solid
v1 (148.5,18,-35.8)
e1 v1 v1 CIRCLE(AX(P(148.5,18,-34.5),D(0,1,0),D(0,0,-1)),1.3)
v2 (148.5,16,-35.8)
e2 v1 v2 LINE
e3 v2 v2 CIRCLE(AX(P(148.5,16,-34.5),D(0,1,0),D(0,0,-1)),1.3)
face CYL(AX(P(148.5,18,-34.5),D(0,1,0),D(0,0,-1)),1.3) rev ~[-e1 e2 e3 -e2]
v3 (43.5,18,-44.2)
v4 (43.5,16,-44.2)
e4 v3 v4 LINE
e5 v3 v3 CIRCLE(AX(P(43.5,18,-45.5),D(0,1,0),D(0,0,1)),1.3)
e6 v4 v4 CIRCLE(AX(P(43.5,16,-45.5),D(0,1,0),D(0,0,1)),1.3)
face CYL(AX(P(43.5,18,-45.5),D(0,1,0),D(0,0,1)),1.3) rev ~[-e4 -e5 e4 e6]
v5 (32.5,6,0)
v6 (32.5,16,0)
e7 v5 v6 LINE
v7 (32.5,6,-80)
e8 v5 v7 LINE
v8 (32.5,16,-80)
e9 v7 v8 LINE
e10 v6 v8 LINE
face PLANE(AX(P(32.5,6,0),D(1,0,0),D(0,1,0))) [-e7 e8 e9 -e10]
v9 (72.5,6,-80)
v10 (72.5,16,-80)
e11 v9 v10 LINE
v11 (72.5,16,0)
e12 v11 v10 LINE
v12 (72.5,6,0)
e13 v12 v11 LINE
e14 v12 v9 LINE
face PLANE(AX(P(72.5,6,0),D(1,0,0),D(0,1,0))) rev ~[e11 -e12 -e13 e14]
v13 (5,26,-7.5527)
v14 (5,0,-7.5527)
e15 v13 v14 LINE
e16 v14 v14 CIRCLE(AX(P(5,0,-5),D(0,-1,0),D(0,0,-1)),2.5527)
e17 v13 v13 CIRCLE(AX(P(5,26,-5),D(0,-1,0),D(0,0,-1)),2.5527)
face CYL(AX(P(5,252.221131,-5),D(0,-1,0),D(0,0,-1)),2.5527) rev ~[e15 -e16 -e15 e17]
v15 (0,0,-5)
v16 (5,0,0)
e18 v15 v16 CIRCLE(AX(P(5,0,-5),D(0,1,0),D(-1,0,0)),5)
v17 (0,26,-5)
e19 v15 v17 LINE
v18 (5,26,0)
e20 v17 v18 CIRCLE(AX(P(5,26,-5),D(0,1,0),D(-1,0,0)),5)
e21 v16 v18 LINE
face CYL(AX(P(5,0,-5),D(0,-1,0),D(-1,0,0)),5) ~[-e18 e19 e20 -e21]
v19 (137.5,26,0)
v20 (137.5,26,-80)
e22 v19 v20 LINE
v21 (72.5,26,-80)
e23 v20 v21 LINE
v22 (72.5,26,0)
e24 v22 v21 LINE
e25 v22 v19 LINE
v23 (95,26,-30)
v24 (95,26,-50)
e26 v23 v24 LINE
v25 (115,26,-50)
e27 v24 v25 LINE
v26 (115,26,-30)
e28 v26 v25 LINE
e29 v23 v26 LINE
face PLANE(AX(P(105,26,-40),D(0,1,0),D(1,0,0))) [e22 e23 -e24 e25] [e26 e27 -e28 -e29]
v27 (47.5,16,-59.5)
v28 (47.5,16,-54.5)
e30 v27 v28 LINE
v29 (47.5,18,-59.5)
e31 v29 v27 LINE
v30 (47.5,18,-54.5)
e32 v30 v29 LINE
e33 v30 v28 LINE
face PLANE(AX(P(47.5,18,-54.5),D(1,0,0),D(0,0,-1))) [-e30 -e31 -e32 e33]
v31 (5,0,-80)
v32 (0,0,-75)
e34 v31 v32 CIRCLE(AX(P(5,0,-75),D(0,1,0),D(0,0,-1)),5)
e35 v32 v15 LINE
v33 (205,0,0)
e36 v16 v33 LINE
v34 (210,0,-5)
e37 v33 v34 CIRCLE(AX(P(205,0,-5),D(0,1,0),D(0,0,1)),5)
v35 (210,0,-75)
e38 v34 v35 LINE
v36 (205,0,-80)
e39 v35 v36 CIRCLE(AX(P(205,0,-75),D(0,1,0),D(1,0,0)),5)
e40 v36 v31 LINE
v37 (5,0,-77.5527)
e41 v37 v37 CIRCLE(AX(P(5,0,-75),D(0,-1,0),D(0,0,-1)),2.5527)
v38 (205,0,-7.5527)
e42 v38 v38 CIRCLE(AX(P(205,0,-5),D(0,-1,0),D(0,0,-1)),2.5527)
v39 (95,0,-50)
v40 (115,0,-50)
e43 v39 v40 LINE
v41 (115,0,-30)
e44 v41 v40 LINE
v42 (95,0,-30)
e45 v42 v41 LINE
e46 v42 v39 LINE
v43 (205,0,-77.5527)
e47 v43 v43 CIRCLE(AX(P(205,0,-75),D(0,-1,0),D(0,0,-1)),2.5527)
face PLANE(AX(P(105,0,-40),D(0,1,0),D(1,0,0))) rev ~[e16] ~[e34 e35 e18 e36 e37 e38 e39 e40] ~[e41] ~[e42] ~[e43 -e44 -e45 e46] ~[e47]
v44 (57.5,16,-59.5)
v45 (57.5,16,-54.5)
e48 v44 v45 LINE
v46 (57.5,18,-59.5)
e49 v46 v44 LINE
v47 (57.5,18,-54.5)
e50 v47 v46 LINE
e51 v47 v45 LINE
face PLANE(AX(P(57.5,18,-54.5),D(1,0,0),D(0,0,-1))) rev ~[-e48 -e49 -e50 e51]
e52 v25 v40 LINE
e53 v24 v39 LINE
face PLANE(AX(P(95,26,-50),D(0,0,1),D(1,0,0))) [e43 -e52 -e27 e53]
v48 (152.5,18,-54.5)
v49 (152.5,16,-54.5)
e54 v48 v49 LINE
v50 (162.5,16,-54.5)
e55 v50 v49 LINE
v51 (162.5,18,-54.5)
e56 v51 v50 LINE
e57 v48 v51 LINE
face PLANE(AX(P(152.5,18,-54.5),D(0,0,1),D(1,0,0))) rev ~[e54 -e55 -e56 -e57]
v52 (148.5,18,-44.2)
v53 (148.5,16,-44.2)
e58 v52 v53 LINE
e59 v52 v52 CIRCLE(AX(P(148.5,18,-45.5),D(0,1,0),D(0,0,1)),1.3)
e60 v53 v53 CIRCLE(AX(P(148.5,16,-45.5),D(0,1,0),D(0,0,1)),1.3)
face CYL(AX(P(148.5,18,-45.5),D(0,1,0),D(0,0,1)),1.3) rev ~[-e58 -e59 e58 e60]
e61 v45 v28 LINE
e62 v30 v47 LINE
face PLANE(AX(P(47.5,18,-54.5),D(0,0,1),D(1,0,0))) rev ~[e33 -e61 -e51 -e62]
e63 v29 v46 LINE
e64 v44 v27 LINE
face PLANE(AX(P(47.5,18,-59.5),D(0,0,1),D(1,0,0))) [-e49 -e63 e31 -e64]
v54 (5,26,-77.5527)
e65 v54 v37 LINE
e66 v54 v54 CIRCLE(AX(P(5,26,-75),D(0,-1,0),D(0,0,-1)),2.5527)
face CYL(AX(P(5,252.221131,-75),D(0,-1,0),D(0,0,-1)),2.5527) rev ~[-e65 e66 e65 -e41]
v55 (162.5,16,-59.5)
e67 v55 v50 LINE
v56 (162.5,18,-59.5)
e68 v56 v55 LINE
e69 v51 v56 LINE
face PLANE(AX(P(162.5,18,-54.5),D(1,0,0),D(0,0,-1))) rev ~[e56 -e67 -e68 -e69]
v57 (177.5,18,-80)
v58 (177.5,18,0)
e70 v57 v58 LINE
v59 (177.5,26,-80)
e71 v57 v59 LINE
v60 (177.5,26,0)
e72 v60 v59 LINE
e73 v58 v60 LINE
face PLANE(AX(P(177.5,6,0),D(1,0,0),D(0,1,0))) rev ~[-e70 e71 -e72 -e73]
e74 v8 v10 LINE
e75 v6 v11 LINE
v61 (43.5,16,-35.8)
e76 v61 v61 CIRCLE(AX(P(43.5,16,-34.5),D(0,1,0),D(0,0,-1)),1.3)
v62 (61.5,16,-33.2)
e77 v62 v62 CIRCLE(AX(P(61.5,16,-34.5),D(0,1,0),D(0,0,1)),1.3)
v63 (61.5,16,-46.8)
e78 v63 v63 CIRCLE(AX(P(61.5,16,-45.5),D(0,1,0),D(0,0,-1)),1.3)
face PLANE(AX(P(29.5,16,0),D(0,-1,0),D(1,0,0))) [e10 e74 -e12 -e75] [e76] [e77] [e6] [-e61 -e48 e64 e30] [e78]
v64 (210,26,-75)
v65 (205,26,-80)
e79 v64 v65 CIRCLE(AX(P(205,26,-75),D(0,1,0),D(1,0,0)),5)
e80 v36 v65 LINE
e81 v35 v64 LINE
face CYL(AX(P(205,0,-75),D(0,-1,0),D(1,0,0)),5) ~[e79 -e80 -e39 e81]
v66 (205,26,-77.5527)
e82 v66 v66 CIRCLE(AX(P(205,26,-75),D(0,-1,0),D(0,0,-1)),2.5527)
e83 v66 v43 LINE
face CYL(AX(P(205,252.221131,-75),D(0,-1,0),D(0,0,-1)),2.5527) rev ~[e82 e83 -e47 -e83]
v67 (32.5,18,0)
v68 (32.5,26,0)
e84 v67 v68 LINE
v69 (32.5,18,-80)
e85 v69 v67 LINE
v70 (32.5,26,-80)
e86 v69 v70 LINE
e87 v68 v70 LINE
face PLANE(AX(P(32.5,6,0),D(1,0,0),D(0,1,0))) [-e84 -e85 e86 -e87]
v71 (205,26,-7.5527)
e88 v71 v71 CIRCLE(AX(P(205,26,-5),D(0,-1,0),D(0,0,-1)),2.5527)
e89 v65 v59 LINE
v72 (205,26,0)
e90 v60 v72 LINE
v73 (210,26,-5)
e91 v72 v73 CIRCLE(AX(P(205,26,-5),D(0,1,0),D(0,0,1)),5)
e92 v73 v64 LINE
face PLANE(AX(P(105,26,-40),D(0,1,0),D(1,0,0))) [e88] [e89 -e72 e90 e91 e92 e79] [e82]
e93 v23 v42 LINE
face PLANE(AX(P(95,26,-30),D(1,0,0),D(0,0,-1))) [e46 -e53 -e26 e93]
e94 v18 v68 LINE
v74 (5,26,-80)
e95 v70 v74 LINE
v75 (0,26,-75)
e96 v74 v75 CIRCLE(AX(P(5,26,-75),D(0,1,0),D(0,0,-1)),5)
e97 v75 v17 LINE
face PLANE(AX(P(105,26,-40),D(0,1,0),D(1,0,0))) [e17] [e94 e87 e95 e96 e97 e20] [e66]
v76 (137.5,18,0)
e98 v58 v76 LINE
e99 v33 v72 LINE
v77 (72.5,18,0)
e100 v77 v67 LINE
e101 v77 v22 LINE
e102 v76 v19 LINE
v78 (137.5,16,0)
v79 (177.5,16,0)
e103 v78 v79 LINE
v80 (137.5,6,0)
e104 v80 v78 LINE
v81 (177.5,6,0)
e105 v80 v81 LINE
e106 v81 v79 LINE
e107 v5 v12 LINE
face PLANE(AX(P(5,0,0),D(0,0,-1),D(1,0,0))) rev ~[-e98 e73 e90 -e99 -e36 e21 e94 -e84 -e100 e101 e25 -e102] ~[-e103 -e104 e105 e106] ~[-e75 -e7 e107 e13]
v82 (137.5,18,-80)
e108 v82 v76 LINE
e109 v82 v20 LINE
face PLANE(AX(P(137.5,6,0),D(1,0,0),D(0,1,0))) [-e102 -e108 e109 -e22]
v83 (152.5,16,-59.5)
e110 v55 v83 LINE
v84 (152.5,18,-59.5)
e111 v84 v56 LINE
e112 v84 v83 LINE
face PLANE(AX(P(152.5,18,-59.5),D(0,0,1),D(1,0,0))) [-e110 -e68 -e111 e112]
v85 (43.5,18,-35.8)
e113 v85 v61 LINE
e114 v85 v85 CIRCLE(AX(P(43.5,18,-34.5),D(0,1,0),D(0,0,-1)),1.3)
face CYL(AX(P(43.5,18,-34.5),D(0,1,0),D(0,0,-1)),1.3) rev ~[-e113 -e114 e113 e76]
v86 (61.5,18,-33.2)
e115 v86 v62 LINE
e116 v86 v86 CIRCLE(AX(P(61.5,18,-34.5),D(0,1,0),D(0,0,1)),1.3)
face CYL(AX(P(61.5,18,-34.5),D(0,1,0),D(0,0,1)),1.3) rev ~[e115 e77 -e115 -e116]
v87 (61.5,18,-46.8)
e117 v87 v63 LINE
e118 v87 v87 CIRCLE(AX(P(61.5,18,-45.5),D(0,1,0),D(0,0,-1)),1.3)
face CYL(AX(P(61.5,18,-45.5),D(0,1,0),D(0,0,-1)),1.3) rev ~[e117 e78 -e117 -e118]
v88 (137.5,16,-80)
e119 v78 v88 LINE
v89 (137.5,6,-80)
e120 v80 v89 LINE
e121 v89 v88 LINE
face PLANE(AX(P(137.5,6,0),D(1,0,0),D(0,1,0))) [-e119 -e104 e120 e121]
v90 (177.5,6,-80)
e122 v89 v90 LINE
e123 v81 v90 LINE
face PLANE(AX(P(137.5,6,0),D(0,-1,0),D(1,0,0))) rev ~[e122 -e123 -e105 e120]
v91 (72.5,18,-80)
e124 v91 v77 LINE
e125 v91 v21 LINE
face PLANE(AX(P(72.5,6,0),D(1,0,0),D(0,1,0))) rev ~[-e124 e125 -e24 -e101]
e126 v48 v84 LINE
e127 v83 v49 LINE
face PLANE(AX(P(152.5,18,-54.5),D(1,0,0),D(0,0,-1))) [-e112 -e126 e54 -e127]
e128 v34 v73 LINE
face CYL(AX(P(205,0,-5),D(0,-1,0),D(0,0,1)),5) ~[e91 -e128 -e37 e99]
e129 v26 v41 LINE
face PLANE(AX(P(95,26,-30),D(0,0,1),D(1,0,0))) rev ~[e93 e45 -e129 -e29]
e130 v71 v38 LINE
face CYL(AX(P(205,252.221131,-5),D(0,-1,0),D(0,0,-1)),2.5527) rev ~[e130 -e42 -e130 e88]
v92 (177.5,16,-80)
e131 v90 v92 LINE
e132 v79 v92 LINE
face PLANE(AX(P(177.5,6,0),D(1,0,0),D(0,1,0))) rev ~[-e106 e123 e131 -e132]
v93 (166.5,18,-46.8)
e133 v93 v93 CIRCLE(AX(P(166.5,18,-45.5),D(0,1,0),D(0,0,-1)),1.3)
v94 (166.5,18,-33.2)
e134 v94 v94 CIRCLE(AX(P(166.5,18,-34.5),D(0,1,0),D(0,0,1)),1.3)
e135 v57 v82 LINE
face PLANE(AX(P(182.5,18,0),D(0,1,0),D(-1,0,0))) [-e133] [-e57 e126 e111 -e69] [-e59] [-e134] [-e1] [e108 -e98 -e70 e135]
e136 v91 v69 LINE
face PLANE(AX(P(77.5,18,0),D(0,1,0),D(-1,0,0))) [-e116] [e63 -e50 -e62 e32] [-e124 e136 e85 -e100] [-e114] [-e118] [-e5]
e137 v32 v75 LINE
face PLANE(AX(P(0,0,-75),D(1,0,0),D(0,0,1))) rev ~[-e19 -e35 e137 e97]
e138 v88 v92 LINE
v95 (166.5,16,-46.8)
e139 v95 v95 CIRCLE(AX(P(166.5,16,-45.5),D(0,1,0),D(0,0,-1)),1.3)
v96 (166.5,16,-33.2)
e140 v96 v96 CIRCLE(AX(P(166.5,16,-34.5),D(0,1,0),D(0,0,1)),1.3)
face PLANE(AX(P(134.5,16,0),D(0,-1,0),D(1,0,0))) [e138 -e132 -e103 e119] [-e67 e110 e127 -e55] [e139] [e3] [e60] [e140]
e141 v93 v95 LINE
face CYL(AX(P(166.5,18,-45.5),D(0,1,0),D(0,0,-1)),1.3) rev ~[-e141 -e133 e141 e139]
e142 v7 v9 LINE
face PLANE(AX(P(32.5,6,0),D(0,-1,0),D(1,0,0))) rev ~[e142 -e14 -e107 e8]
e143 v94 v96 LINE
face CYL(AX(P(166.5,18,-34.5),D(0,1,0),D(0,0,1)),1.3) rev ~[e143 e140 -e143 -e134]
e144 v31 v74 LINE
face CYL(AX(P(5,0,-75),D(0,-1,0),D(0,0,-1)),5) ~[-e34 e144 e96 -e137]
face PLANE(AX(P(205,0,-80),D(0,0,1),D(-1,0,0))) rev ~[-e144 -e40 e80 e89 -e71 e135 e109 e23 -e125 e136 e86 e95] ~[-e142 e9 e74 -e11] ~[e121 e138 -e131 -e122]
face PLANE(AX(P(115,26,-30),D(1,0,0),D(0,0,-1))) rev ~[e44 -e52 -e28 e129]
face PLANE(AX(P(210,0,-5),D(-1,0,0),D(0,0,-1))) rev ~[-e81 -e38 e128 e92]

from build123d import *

# Parameters (mm, degrees)
BOSS_EXTRUDE1_DEPTH     = 26
SKETCH2_W               = 40
SKETCH2_H               = 20
CUT_EXTRUDE1_DEPTH      = 227.221130755
F_1_4_20_TAPPED_HOLE1_D = 5.1054
SKETCH4_W               = 20
SKETCH4_H               = 20
CUT_EXTRUDE2_DEPTH      = 227.221130755
BOSS_EXTRUDE2_DEPTH     = 80
SKETCH6_R               = 1.3
SKETCH6_W               = 10
SKETCH6_H               = 5
CUT_EXTRUDE3_DEPTH      = 10


with BuildPart() as part:
    # Sketch1 → Boss-Extrude1 (new body)
    with BuildSketch(Plane(origin=(0, 0, 0), x_dir=(1, 0, 0), z_dir=(0, 1, 0))):
        with BuildLine():
            Line((5, 0), (205, 0))
            ThreePointArc((205, 0), (208.535533906, 1.464466094), (210, 5))
            Line((210, 5), (210, 75))
            ThreePointArc((210, 75), (208.535533906, 78.535533906), (205, 80))
            Line((205, 80), (5, 80))
            ThreePointArc((5, 80), (1.464466094, 78.535533906), (0, 75))
            Line((0, 75), (0, 5))
            ThreePointArc((0, 5), (1.464466094, 1.464466094), (5, 0))
        make_face()
    extrude(amount=BOSS_EXTRUDE1_DEPTH)

    # Sketch2 → Cut-Extrude1 (cut, through all)
    with BuildSketch(Plane.XY):
        with Locations((52.5, 16)):
            Rectangle(SKETCH2_W, SKETCH2_H)
        with Locations((157.5, 16)):
            Rectangle(SKETCH2_W, SKETCH2_H)
    extrude(amount=-CUT_EXTRUDE1_DEPTH, mode=Mode.SUBTRACT)

    # 1/4-20 Tapped Hole1 (through all)
    with Locations(Plane(origin=(5, 26, -75), x_dir=(0, 0, 1), z_dir=(0, 1, 0))):
        with Locations((0, 0), (70, 0), (70, 200), (0, 200)):
            Hole(F_1_4_20_TAPPED_HOLE1_D / 2)

    # Sketch4 → Cut-Extrude2 (cut, through all)
    with BuildSketch(Plane(origin=(0, 26, 0), x_dir=(1, 0, 0), z_dir=(0, 1, 0))):
        with Locations((105, 40)):
            Rectangle(SKETCH4_W, SKETCH4_H)
    extrude(amount=-CUT_EXTRUDE2_DEPTH, mode=Mode.SUBTRACT)

    # Sketch5 → Boss-Extrude2 (add)
    with BuildSketch(Plane.XY):
        Polygon((32.5, 18), (27.5, 18), (27.5, 13), (29.5, 13), (29.5, 16), (32.5, 16), (72.5, 16), (75.5, 16), (75.5, 13), (77.5, 13), (77.5, 18), (72.5, 18), align=None)
        Polygon((134.5, 13), (134.5, 16), (137.5, 16), (177.5, 16), (180.5, 16), (180.5, 13), (182.5, 13), (182.5, 18), (177.5, 18), (137.5, 18), (132.5, 18), (132.5, 13), align=None)
    extrude(amount=-BOSS_EXTRUDE2_DEPTH)

    # Sketch6 → Cut-Extrude3 (cut)
    with BuildSketch(Plane(origin=(0, 18, 0), x_dir=(1, 0, 0), z_dir=(0, 1, 0))):
        with Locations(Location((43.5, 45.5, 0), (0, 0, 270))):
            Circle(SKETCH6_R)
        with Locations(Location((43.5, 34.5, 0), (0, 0, 90))):
            Circle(SKETCH6_R)
        with Locations(Location((61.5, 34.5, 0), (0, 0, 270))):
            Circle(SKETCH6_R)
        with Locations(Location((61.5, 45.5, 0), (0, 0, 90))):
            Circle(SKETCH6_R)
        with Locations(Location((148.5, 34.5, 0), (0, 0, 90))):
            Circle(SKETCH6_R)
        with Locations(Location((148.5, 45.5, 0), (0, 0, 270))):
            Circle(SKETCH6_R)
        with Locations(Location((166.5, 45.5, 0), (0, 0, 90))):
            Circle(SKETCH6_R)
        with Locations(Location((166.5, 34.5, 0), (0, 0, 270))):
            Circle(SKETCH6_R)
        with Locations((157.5, 57)):
            Rectangle(SKETCH6_W, SKETCH6_H)
        with Locations((52.5, 57)):
            Rectangle(SKETCH6_W, SKETCH6_H)
    extrude(amount=-CUT_EXTRUDE3_DEPTH, mode=Mode.SUBTRACT)


solid = part.part
